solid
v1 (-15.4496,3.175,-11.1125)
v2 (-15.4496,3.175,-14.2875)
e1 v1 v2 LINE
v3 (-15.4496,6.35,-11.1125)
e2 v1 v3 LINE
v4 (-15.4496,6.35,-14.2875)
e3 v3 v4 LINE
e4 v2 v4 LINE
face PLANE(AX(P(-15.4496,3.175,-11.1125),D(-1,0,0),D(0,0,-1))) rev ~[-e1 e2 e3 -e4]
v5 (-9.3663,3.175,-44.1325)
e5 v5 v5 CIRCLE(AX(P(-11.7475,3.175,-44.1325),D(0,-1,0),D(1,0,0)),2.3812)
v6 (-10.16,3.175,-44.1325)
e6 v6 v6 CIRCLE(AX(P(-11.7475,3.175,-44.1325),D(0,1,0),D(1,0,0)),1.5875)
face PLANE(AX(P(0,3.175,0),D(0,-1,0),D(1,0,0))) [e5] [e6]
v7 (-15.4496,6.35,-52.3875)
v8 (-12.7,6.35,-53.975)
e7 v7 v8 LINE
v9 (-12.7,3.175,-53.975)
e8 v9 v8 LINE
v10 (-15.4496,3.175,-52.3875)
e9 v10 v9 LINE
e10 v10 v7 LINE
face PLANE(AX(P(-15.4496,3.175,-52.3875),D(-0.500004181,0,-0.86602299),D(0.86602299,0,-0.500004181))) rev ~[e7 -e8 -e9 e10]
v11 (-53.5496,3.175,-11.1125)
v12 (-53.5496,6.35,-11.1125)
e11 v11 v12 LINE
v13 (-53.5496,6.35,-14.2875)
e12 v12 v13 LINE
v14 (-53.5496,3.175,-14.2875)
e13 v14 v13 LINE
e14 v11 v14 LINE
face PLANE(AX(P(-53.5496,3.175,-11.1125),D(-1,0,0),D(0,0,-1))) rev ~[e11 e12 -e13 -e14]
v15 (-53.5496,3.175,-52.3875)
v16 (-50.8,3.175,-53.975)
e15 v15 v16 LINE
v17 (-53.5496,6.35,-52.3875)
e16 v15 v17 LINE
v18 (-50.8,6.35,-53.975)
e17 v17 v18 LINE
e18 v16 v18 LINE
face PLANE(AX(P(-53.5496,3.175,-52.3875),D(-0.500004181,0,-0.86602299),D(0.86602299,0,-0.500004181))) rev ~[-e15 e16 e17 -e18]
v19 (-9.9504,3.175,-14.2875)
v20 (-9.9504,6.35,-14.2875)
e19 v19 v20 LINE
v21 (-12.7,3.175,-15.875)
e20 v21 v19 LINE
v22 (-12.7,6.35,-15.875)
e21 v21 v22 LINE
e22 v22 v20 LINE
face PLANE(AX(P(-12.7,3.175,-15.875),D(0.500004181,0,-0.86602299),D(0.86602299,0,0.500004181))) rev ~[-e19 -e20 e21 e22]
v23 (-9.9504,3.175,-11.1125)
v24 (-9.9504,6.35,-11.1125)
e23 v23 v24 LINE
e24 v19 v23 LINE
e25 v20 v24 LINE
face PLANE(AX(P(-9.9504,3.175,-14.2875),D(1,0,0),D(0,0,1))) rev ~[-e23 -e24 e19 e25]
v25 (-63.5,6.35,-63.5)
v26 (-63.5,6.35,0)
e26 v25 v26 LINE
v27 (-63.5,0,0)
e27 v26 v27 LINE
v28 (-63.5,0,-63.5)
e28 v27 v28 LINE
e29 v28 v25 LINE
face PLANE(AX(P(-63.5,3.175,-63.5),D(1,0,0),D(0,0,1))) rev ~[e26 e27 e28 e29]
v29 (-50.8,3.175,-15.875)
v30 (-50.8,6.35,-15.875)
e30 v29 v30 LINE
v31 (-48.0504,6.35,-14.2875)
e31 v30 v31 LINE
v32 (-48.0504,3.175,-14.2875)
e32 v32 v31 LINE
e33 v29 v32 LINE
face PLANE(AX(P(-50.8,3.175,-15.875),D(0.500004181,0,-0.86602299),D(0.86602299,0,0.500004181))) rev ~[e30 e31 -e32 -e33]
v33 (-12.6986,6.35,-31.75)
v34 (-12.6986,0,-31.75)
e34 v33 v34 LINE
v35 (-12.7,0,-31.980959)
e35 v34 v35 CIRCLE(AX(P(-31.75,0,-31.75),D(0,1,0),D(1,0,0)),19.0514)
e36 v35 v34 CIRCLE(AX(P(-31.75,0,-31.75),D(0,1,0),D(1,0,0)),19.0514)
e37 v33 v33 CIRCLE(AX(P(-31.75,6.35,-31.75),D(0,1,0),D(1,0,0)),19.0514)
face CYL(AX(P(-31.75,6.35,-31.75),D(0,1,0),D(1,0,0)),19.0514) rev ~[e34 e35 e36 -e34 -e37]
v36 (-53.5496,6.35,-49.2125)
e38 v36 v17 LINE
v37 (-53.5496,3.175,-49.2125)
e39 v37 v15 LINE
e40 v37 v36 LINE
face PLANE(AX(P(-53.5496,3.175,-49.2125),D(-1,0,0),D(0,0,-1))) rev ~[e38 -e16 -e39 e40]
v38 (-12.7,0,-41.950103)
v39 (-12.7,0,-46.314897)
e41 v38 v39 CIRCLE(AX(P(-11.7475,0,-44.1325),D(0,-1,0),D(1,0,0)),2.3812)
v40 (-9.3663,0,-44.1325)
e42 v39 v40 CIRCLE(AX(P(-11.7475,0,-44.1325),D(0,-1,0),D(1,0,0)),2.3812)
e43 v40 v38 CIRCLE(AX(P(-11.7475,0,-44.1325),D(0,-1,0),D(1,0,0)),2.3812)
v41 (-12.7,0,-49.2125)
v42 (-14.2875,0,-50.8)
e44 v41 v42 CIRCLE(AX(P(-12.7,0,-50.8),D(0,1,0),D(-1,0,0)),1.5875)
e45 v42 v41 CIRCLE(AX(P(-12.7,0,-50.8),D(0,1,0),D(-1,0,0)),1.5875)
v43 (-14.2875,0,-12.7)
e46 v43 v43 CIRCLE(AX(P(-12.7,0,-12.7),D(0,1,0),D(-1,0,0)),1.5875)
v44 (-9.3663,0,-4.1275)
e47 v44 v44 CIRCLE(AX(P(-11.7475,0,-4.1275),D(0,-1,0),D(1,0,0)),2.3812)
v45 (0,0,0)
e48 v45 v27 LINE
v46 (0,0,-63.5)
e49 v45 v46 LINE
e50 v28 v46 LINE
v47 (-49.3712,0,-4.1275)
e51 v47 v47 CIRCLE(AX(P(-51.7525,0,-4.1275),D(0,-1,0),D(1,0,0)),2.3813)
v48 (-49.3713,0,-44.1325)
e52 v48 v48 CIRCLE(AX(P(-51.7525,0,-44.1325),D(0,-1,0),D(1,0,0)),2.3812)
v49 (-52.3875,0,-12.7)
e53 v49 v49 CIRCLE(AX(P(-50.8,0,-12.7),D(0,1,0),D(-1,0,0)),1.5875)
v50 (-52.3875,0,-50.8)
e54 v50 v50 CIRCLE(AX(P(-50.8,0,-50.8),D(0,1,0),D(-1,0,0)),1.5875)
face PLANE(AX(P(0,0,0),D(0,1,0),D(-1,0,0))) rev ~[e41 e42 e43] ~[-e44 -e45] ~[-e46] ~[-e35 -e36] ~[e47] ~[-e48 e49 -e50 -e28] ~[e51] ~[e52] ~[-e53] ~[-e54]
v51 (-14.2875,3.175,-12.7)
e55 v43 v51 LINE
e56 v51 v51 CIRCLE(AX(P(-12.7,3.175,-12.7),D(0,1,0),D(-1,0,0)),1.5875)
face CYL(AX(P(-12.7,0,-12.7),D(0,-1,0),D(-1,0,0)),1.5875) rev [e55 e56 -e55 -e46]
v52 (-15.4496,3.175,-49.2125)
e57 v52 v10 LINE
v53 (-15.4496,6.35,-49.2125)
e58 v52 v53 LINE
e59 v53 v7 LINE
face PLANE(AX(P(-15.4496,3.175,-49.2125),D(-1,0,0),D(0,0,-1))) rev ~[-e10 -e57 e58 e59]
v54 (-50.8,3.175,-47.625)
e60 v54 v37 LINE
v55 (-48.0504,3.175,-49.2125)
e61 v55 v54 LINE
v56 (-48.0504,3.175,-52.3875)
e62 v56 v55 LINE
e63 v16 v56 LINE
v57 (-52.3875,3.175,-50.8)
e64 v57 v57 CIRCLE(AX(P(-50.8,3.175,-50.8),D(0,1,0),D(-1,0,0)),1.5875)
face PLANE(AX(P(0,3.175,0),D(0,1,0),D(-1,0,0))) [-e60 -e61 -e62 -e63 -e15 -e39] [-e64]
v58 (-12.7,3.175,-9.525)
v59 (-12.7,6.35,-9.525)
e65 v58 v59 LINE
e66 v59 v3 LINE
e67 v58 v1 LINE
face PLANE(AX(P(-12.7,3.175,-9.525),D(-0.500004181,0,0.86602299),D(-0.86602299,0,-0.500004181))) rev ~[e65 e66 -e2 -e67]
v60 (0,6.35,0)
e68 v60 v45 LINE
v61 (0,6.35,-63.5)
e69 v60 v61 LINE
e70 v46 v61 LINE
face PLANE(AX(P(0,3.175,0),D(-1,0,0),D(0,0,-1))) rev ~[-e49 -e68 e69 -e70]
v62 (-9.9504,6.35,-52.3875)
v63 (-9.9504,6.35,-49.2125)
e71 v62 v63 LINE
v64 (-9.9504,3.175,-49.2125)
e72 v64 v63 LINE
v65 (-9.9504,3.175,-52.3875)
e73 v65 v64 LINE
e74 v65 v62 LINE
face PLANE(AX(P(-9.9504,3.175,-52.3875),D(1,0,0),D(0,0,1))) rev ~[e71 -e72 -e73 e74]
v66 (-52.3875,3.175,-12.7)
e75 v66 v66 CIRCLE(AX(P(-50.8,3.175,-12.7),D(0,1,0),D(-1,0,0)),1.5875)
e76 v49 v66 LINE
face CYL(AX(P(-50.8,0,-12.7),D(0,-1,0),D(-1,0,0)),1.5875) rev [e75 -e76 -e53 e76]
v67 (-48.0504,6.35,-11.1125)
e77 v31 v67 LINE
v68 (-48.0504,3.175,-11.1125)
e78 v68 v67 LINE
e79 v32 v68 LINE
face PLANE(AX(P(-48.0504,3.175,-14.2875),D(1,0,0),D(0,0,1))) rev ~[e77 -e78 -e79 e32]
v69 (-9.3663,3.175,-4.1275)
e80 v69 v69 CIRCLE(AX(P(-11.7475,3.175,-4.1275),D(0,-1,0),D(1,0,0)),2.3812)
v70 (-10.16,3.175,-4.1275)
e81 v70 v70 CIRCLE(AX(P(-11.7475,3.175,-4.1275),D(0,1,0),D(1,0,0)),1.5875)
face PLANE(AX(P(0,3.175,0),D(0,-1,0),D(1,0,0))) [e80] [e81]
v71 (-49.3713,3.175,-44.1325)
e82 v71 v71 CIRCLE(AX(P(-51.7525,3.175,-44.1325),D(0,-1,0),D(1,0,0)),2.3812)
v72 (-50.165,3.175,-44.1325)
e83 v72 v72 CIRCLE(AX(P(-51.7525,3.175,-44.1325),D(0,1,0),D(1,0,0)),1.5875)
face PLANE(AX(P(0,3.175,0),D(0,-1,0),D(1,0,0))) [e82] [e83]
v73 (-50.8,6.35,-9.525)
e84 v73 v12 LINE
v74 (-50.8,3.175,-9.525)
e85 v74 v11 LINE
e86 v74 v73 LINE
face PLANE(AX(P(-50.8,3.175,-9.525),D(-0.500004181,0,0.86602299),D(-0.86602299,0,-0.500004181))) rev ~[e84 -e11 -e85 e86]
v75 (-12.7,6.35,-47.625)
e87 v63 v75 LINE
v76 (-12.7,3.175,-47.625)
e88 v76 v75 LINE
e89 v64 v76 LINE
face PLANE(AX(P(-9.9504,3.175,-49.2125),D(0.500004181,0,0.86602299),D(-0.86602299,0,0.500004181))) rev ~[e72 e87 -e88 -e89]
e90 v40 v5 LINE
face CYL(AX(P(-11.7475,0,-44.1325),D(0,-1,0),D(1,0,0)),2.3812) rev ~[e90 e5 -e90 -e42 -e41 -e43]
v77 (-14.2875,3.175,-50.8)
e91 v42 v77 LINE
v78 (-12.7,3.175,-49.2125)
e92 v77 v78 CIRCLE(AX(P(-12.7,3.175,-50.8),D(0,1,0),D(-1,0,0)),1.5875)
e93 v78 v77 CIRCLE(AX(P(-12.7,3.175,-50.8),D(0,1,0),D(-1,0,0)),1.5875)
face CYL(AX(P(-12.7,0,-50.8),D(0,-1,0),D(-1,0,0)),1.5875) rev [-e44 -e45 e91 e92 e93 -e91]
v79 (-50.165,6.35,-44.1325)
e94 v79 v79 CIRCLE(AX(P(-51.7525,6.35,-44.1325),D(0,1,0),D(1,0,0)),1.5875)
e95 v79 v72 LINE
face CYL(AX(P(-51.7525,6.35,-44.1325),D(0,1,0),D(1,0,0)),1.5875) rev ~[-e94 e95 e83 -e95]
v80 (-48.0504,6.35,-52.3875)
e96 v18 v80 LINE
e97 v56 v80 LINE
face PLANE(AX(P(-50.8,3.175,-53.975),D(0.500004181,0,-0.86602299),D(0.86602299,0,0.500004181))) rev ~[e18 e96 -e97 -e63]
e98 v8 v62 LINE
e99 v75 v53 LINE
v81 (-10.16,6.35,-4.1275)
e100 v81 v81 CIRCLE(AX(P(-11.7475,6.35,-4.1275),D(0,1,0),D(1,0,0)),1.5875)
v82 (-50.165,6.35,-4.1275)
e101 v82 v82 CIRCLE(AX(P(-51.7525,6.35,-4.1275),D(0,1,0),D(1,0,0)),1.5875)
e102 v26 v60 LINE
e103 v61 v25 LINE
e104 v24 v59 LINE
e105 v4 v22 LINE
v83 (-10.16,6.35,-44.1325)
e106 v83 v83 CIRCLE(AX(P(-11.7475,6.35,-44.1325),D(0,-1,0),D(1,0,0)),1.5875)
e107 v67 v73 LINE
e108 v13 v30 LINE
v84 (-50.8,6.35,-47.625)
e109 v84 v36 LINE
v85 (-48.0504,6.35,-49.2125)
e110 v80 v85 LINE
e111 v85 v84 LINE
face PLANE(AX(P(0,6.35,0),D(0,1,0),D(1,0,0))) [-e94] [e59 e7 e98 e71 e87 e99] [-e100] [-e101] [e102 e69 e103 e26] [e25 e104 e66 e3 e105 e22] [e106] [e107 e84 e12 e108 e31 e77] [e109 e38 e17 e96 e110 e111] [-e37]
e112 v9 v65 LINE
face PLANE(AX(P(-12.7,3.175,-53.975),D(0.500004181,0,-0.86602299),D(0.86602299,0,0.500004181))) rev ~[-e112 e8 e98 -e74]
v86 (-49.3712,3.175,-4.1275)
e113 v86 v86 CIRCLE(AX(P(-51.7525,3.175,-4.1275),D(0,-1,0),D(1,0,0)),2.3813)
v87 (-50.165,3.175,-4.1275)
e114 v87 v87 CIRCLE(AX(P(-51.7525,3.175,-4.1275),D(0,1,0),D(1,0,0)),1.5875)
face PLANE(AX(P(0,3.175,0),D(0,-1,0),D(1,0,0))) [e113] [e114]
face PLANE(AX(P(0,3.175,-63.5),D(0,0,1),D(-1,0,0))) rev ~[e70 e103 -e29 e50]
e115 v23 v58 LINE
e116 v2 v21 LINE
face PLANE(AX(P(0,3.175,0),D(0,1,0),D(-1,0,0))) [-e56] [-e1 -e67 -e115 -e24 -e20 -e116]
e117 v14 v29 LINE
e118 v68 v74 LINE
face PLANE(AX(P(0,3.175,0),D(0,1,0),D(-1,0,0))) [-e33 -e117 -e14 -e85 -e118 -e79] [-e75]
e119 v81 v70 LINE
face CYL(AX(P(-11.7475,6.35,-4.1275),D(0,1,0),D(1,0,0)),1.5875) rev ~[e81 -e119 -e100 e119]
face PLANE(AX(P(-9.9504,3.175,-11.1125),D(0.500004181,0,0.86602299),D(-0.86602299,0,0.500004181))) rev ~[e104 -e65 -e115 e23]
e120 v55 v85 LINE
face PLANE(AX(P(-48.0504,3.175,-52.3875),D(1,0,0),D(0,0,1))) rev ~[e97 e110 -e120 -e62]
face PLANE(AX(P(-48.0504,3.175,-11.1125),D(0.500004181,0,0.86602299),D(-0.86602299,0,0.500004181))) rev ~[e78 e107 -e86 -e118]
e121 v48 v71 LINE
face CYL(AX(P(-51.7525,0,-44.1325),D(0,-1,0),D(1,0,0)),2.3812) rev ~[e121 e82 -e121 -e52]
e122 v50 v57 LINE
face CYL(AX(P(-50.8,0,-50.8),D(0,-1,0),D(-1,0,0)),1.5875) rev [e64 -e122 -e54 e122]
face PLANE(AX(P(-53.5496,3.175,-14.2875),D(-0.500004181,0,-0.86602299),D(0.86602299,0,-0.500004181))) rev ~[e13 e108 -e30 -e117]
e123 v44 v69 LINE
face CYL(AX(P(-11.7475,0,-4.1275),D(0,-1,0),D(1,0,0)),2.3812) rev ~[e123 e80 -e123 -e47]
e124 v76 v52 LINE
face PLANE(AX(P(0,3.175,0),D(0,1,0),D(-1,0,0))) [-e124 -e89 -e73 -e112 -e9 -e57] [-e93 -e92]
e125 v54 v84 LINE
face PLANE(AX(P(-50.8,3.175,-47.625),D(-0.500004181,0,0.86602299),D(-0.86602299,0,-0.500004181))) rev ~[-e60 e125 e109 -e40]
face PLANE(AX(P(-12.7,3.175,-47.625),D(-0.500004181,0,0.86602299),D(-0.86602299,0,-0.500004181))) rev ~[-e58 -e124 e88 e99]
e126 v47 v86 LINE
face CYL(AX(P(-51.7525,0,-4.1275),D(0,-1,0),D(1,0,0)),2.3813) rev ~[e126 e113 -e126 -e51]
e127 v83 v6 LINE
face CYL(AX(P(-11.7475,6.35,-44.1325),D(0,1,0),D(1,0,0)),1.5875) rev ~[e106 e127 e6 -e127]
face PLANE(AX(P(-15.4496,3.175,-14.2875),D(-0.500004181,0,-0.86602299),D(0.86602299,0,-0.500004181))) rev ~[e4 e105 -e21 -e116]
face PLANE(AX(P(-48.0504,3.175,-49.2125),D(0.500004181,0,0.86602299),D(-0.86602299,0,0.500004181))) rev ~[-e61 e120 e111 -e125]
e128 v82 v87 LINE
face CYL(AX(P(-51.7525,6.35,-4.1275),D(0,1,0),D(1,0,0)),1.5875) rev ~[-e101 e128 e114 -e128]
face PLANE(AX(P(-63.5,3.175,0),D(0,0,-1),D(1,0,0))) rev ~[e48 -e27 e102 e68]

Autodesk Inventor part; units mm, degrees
ref_plane "YZ Plane" through (0, 0, 0) normal (1, 0, 0) x (0, 1, 0)
ref_plane "XZ Plane" through (0, 0, 0) normal (0, 1, 0) x (-1, 0, 0)
ref_plane "XY Plane" through (0, 0, 0) normal (0, 0, 1) x (1, 0, 0)
sketch "Sketch1" plane through (0, 0, 0) normal (0, 1, 0) x (-1, 0, 0)
  line L0 (0, 0) -> (63.5, 0)
  line L1 (63.5, 0) -> (63.5, -63.5)
  line L2 (63.5, -63.5) -> (0, -63.5)
  line L3 (0, -63.5) -> (0, 0)
  line L4 (0, -31.75) -> (31.75, -31.75)
  line L5 (31.75, -31.75) -> (31.75, -63.5)
  line L6 (31.75, -31.75) -> (12.7, -31.75)
  line L7 (31.75, -31.75) -> (50.8, -31.75) construction
  line L8 (12.7, -31.75) -> (12.7, -50.8)
  circle A0 centre (12.7, -50.8) radius 1.5875
  circle A1 centre (50.8, -50.8) radius 1.5875
  circle A2 centre (12.7, -12.7) radius 1.5875
  circle A3 centre (50.8, -12.7) radius 1.5875
  dimension "d0" = 63.5
  dimension "d1" = 63.5
  dimension "d2" = 19.05
  dimension "d3" = 180
  dimension "d4" = 19.05
  dimension "d5" = 3.175
  dimension "d8" = 38.1
  dimension "d11" = 38.1
extrude "Extrusion1" add sketch "Sketch1" along normal blind 3.175
sketch "Sketch2" plane through (0, 3.175, 0) normal (0, 1, 0) x (1, 0, 0)
  circle A0 centre (-12.7, 12.7) radius 1.5875 projected
  line L0 (-12.7, 15.875) -> (-9.9504, 14.2875)
  line L1 (-9.9504, 14.2875) -> (-9.9504, 11.1125)
  line L2 (-9.9504, 11.1125) -> (-12.7, 9.525)
  line L3 (-12.7, 9.525) -> (-15.4496, 11.1125)
  line L4 (-15.4496, 11.1125) -> (-15.4496, 14.2875)
  line L5 (-15.4496, 14.2875) -> (-12.7, 15.875)
  circle A1 centre (-50.8, 12.7) radius 1.5875 projected
  circle A2 centre (-12.7, 12.7) radius 1.5875 projected
  circle A3 centre (-50.8, 50.8) radius 1.5875 projected
  circle A4 centre (-12.7, 50.8) radius 1.5875 projected
  line L6 (0, 63.5) -> (-63.5, 63.5) projected
  line L7 (-63.5, 63.5) -> (-63.5, 0) projected
  line L8 (-63.5, 0) -> (0, 0) projected
  line L9 (0, 0) -> (0, 63.5) projected
  line L10 (-50.8, 15.875) -> (-48.0504, 14.2875)
  line L11 (-48.0504, 11.1125) -> (-50.8, 9.525)
  line L12 (-50.8, 9.525) -> (-53.5496, 11.1125)
  line L13 (-53.5496, 11.1125) -> (-53.5496, 14.2875)
  line L14 (-53.5496, 14.2875) -> (-50.8, 15.875)
  line L15 (-48.0504, 14.2875) -> (-48.0504, 11.1125)
  line L16 (-12.7, 53.975) -> (-9.9504, 52.3875)
  line L17 (-9.9504, 49.2125) -> (-12.7, 47.625)
  line L18 (-12.7, 47.625) -> (-15.4496, 49.2125)
  line L19 (-15.4496, 49.2125) -> (-15.4496, 52.3875)
  line L20 (-15.4496, 52.3875) -> (-12.7, 53.975)
  line L21 (-9.9504, 52.3875) -> (-9.9504, 49.2125)
  line L22 (-50.8, 53.975) -> (-48.0504, 52.3875)
  line L23 (-48.0504, 49.2125) -> (-50.8, 47.625)
  line L24 (-50.8, 47.625) -> (-53.5496, 49.2125)
  line L25 (-53.5496, 49.2125) -> (-53.5496, 52.3875)
  line L26 (-53.5496, 52.3875) -> (-50.8, 53.975)
  line L27 (-48.0504, 52.3875) -> (-48.0504, 49.2125)
  dimension "d16" = 6.35
  dimension "d19" = 38.1
  dimension "d22" = 38.1
extrude "Extrusion2" add sketch "Sketch2" along normal blind 3.175 contours L9 L8 L7 L6
sketch "Sketch4" plane through (0, 6.35, 0) normal (0, 1, 0) x (1, 0, 0)
  line L0 (-31.75, 24.13) -> (-31.75, 0)
  line L1 (-31.75, 24.13) -> (-11.7475, 24.13)
  line L2 (-11.7475, 24.13) -> (-11.7475, 44.1325)
  circle A0 centre (-11.7475, 44.1325) radius 1.5875
  circle A1 centre (-51.7525, 44.1325) radius 1.5875
  circle A2 centre (-11.7475, 4.1275) radius 1.5875
  circle A3 centre (-51.7525, 4.1275) radius 1.5875
  circle A4 centre (-11.7475, 44.1325) radius 2.3812
  point P0 (0, 0)
  dimension "d41" = 20.0025
  dimension "d42" = 24.13
  dimension "d43" = 3.175
  dimension "d44" = 40.005
  dimension "d45" = 40.005
  dimension "d46" = 4.7625
extrude "Extrusion3" cut sketch "Sketch4" against normal up to surface (6.35 mm away) contours A0 | A1 | A2 | A3
sketch "Sketch5" plane through (0, 0, 0) normal (0, -1, 0) x (1, 0, 0)
  circle A0 centre (-51.7525, -4.1275) radius 1.5875 projected
  circle A1 centre (-11.7475, -4.1275) radius 1.5875 projected
  circle A2 centre (-51.7525, -44.1325) radius 1.5875 projected
  circle A3 centre (-11.7475, -44.1325) radius 1.5875 projected
  circle A4 centre (-51.7525, -4.1275) radius 2.3813
  circle A5 centre (-51.7525, -44.1325) radius 2.3812
  circle A6 centre (-11.7475, -44.1325) radius 2.3812
  circle A7 centre (-11.7475, -4.1275) radius 2.3812
  point P0 (0, 0)
  dimension "d51" = 4.7625
  dimension "d52" = 4.7625
  dimension "d53" = 4.7625
  dimension "d54" = 4.7625
extrude "Extrusion4" cut sketch "Sketch5" against normal blind 3.175 contours A0 | A1 | A2 | A3 | A4 | A5 | A6 | A7
sketch "Sketch6" plane through (0, 6.35, 0) normal (0, 1, 0) x (1, 0, 0)
  circle A0 centre (-51.7525, 4.1275) radius 1.5875 projected
  circle A1 centre (-11.7475, 44.1325) radius 1.5875 projected
  circle A2 centre (-11.7475, 4.1275) radius 1.5875 projected
  circle A3 centre (-51.7525, 44.1325) radius 1.5875 projected
  line L0 (-48.0504, 52.3875) -> (-48.0504, 49.2125) projected
  line L1 (-48.0504, 49.2125) -> (-50.8, 47.625) projected
  line L2 (-50.8, 47.625) -> (-53.5496, 49.2125) projected
  line L3 (-53.5496, 49.2125) -> (-53.5496, 52.3875) projected
  line L4 (-53.5496, 52.3875) -> (-50.8, 53.975) projected
  line L5 (-50.8, 53.975) -> (-48.0504, 52.3875) projected
  line L6 (-9.9504, 52.3875) -> (-9.9504, 49.2125) projected
  line L7 (-9.9504, 49.2125) -> (-12.7, 47.625) projected
  line L8 (-12.7, 47.625) -> (-15.4496, 49.2125) projected
  line L9 (-15.4496, 49.2125) -> (-15.4496, 52.3875) projected
  line L10 (-15.4496, 52.3875) -> (-12.7, 53.975) projected
  line L11 (-12.7, 53.975) -> (-9.9504, 52.3875) projected
  line L12 (-48.0504, 14.2875) -> (-48.0504, 11.1125) projected
  line L13 (-48.0504, 11.1125) -> (-50.8, 9.525) projected
  line L14 (-50.8, 9.525) -> (-53.5496, 11.1125) projected
  line L15 (-53.5496, 11.1125) -> (-53.5496, 14.2875) projected
  line L16 (-53.5496, 14.2875) -> (-50.8, 15.875) projected
  line L17 (-50.8, 15.875) -> (-48.0504, 14.2875) projected
  line L18 (-9.9504, 14.2875) -> (-9.9504, 11.1125) projected
  line L19 (-9.9504, 11.1125) -> (-12.7, 9.525) projected
  line L20 (-12.7, 9.525) -> (-15.4496, 11.1125) projected
  line L21 (-15.4496, 11.1125) -> (-15.4496, 14.2875) projected
  line L22 (-15.4496, 14.2875) -> (-12.7, 15.875) projected
  line L23 (-12.7, 15.875) -> (-9.9504, 14.2875) projected
  line L24 (0, 63.5) -> (-63.5, 63.5) projected
  line L25 (-63.5, 63.5) -> (-63.5, 0) projected
  line L26 (-63.5, 0) -> (0, 0) projected
  line L27 (0, 0) -> (0, 63.5) projected
  circle A4 centre (-31.75, 31.75) radius 19.0514
extrude "Extrusion5" cut sketch "Sketch6" against normal up to surface (6.35 mm away) contours A4
properties part number "lidarMount"
